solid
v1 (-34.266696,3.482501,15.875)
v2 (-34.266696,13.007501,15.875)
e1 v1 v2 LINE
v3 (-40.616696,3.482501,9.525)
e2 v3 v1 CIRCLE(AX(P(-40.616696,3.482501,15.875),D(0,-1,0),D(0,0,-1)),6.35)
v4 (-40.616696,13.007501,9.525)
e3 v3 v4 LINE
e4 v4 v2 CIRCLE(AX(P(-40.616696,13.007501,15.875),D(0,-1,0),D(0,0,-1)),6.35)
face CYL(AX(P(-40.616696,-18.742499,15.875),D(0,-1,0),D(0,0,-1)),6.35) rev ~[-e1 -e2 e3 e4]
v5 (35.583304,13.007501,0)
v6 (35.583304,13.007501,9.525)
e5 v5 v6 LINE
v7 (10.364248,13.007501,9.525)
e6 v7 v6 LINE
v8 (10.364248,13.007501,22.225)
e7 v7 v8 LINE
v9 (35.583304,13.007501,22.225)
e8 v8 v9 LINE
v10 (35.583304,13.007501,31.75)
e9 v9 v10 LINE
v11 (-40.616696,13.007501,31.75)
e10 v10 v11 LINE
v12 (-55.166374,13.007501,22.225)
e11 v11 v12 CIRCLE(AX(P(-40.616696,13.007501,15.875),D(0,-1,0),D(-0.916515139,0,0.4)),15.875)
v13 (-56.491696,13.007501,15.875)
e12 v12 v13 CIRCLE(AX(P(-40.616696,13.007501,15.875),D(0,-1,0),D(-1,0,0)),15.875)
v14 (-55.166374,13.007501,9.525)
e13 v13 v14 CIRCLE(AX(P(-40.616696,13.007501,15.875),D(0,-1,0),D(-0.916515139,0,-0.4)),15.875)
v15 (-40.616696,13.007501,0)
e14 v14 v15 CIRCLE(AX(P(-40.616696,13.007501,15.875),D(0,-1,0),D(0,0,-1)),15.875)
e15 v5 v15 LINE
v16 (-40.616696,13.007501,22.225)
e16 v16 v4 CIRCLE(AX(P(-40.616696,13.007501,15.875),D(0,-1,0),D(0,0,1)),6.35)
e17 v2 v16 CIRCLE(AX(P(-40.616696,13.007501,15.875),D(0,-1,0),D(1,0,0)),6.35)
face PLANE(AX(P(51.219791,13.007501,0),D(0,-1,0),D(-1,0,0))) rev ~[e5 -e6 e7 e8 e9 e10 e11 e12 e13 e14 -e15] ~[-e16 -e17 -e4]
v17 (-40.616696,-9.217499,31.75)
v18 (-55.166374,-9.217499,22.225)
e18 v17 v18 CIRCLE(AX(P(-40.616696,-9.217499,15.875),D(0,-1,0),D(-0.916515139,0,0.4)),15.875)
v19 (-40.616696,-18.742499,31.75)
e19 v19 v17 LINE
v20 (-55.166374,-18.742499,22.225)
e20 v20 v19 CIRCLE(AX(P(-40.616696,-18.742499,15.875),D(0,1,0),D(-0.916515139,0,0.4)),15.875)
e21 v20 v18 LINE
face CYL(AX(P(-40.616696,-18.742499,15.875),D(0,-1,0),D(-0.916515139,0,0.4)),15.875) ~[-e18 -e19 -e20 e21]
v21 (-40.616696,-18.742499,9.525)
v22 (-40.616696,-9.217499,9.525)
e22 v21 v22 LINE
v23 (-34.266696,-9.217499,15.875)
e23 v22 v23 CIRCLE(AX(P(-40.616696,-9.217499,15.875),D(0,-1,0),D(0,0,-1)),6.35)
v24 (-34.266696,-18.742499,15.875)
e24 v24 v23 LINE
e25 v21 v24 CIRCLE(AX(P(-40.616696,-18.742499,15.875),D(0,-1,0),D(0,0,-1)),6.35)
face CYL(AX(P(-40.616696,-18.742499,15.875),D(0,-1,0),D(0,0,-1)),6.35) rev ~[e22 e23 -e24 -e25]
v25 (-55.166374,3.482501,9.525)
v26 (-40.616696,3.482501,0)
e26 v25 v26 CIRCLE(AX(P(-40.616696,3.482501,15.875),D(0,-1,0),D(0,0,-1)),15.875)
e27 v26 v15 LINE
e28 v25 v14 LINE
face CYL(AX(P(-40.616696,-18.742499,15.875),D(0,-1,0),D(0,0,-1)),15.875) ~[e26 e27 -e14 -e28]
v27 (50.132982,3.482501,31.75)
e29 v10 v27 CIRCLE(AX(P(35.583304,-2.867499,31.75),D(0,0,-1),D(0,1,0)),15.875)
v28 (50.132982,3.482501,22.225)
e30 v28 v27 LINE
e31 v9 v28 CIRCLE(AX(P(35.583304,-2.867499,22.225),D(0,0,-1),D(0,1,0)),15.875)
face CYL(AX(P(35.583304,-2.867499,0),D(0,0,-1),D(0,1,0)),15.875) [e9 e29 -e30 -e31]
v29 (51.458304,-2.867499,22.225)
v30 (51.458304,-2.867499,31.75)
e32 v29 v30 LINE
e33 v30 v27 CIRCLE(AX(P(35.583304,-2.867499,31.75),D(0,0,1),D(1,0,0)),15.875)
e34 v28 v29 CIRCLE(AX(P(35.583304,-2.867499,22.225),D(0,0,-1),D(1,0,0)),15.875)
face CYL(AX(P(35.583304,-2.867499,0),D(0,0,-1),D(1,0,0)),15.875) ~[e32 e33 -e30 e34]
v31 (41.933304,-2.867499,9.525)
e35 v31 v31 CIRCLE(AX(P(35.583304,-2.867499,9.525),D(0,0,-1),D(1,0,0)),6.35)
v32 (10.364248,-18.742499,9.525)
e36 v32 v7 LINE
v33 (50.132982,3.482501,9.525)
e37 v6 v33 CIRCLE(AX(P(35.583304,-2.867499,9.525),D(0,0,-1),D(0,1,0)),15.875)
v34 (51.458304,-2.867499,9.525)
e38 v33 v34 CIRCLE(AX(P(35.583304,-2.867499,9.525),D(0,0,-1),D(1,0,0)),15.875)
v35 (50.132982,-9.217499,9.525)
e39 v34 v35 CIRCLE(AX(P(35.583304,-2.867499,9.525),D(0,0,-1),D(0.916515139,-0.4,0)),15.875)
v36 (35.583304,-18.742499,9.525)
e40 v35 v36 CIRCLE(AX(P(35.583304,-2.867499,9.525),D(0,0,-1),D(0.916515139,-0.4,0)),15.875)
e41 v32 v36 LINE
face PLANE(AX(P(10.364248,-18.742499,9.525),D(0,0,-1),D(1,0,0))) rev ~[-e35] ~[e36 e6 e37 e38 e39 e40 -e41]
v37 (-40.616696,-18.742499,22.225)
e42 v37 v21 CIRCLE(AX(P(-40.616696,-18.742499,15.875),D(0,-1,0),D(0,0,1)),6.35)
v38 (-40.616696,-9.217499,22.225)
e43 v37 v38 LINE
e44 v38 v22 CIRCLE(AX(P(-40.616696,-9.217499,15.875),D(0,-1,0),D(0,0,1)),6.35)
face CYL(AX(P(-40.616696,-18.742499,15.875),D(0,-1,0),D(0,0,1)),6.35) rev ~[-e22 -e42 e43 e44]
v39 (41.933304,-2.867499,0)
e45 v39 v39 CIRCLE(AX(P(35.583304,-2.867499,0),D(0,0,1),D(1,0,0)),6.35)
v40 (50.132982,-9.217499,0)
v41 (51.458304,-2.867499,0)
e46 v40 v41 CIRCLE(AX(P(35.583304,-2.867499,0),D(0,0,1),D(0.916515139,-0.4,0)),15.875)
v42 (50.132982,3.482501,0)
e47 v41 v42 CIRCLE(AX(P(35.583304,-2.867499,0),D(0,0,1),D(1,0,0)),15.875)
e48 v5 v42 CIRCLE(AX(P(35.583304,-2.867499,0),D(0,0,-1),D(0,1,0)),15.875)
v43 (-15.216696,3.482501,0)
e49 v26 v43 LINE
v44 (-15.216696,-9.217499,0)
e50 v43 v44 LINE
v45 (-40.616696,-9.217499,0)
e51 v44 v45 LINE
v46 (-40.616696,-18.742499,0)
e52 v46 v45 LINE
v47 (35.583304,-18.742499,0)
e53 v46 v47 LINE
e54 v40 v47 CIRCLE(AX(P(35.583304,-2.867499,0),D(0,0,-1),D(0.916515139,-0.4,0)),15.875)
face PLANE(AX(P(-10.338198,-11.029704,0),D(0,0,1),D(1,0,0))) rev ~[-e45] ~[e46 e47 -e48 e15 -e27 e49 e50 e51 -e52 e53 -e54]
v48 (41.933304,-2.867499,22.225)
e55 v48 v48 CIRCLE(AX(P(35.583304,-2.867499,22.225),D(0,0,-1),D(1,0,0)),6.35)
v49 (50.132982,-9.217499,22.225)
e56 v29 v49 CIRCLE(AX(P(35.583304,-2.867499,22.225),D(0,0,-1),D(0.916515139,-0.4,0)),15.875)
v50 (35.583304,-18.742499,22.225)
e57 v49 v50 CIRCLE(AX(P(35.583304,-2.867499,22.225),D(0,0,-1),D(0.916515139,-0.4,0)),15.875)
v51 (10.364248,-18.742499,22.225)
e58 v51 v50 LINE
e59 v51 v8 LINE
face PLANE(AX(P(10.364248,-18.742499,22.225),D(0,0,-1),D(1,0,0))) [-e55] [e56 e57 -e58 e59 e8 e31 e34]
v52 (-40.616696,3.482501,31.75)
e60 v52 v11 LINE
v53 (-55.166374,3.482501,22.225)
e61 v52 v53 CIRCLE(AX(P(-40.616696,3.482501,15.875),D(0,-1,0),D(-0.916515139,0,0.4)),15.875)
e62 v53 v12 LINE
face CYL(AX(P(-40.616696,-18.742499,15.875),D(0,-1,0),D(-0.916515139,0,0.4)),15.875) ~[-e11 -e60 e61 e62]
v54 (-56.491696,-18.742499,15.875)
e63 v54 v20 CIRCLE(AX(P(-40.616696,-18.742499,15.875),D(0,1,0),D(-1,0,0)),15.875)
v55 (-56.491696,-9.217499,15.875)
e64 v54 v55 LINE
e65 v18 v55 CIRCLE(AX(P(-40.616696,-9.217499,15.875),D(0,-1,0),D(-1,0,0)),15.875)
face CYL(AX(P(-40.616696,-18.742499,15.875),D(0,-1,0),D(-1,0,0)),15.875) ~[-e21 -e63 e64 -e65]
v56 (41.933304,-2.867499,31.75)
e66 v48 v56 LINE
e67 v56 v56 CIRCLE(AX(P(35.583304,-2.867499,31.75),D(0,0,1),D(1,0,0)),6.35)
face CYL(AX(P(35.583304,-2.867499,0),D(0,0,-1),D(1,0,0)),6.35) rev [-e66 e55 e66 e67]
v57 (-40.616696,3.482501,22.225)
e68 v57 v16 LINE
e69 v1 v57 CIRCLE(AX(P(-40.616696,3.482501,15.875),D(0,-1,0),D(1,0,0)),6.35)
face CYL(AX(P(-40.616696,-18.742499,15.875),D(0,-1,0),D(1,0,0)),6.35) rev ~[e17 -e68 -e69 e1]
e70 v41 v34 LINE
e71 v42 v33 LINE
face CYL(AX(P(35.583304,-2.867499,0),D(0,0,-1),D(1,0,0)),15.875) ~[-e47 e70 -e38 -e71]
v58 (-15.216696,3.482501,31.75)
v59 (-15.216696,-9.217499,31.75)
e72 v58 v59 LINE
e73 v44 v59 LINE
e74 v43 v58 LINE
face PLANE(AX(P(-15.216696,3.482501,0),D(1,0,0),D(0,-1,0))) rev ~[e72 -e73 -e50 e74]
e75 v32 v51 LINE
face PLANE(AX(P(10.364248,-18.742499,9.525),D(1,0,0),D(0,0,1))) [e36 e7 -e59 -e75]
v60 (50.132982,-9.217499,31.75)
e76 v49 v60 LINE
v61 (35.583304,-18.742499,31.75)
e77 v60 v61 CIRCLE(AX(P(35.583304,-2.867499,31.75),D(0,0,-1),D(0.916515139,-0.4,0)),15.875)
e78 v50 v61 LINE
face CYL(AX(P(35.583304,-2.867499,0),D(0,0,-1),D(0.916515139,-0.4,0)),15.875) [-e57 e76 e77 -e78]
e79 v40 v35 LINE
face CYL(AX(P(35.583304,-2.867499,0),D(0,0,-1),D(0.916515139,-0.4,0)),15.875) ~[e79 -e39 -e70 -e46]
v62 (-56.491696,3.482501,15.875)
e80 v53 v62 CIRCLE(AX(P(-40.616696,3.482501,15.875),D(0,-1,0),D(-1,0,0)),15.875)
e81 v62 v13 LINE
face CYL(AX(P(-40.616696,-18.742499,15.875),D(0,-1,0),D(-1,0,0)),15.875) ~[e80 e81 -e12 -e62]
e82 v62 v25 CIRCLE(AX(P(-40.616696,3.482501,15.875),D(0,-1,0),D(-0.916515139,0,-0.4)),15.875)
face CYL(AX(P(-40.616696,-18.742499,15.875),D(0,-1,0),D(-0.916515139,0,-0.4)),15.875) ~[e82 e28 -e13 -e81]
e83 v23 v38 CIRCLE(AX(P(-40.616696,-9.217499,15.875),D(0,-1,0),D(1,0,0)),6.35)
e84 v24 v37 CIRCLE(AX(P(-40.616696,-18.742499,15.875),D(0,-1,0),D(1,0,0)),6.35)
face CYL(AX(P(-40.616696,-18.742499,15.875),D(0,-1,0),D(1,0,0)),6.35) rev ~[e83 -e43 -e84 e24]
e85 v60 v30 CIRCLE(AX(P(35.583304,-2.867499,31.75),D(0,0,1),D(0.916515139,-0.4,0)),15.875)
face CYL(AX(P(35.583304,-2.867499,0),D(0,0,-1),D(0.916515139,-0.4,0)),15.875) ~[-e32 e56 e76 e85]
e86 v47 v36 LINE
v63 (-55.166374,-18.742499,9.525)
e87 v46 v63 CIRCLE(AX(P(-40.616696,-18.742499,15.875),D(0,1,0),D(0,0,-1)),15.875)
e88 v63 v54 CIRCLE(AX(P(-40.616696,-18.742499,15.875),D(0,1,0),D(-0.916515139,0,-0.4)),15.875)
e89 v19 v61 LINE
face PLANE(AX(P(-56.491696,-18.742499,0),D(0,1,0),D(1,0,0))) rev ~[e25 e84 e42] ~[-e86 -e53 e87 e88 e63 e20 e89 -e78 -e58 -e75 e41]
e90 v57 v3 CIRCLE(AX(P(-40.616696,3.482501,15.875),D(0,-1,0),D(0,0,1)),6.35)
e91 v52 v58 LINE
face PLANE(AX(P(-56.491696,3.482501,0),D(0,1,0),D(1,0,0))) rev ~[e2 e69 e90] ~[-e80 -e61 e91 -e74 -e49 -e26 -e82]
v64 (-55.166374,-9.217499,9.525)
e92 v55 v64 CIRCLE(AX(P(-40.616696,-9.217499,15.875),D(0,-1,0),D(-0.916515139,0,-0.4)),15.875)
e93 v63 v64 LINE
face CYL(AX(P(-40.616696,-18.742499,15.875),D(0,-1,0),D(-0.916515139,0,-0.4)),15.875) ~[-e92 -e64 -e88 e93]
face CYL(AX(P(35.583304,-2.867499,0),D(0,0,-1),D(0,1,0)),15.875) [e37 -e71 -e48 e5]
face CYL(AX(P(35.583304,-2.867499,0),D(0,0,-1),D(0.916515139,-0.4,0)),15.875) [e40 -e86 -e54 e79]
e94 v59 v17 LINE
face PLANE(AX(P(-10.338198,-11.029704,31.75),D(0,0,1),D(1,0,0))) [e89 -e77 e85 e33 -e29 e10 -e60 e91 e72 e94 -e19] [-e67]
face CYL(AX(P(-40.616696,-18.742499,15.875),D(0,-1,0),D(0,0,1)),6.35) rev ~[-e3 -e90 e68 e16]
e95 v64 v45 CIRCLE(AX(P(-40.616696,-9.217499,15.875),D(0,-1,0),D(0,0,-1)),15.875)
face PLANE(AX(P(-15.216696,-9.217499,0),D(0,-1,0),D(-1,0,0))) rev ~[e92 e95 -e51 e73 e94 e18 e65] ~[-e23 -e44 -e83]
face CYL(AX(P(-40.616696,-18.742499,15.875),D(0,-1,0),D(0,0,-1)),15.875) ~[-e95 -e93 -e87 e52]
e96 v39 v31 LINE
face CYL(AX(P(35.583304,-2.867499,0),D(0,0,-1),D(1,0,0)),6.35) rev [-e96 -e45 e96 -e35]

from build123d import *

# Parameters (mm, degrees)
F0_R     = 6.35
F1_DEPTH = 31.75
F0_W     = 41.275
F0_H     = 12.7
F3_DEPTH = 31.75
F2_W     = 41.275
F2_H     = 12.7
F4_DEPTH = 31.751
F5_DEPTH = 31.751


with BuildPart() as f1:
    # F0 (on Top) → F1 (new body)
    with BuildSketch(Plane.XY):
        with BuildLine():
            ThreePointArc((35.5833037704, -18.7424994532), (22.3013258492, -11.5625950536), (21.0336259389, 3.4825005468))
            Line((21.0336259389, 3.4825005468), (-15.2166962296, 3.4825005468))
            Line((-15.2166962296, 3.4825005468), (-15.2166962296, -9.2174994532))
            Line((-15.2166962296, -9.2174994532), (-56.4916962296, -9.2174994532))
            Line((-56.4916962296, -9.2174994532), (-56.4916962296, -18.7424994532))
            Line((-56.4916962296, -18.7424994532), (35.5833037704, -18.7424994532))
        make_face()
        with BuildLine():
            Line((35.5833037704, 13.0075005468), (-56.4916962296, 13.0075005468))
            Line((-56.4916962296, 13.0075005468), (-56.4916962296, 3.4825005468))
            Line((-56.4916962296, 3.4825005468), (-15.2166962296, 3.4825005468))
            Line((-15.2166962296, 3.4825005468), (21.0336259389, 3.4825005468))
            ThreePointArc((21.0336259389, 3.4825005468), (26.88820817, 10.414478468), (35.5833037704, 13.0075005468))
        make_face()
        with BuildLine():
            ThreePointArc((50.1329816019, 3.4825005468), (44.2783993708, 10.414478468), (35.5833037704, 13.0075005468))
            ThreePointArc((35.5833037704, 13.0075005468), (26.88820817, 10.414478468), (21.0336259389, 3.4825005468))
            ThreePointArc((21.0336259389, 3.4825005468), (22.3013258492, -11.5625950536), (35.5833037704, -18.7424994532))
            ThreePointArc((35.5833037704, -18.7424994532), (44.2783993708, -16.1494773745), (50.1329816019, -9.2174994532))
            ThreePointArc((50.1329816019, -9.2174994532), (51.1234414882, -6.1109150468), (51.4583037704, -2.8674994532))
            ThreePointArc((51.4583037704, -2.8674994532), (51.1234414882, 0.3759161403), (50.1329816019, 3.4825005468))
        make_face()
        with Locations((35.5833037704, -2.8674994532)):
            Circle(F0_R, mode=Mode.SUBTRACT)
        with BuildLine():
            ThreePointArc((50.1329816019, -9.2174994532), (44.2783993708, -16.1494773745), (35.5833037704, -18.7424994532))
            Line((35.5833037704, -18.7424994532), (51.6392476857, -18.7424994532))
            Line((51.6392476857, -18.7424994532), (51.4583037704, -9.2174994532))
            Line((51.4583037704, -9.2174994532), (50.1329816019, -9.2174994532))
        make_face()
        with BuildLine():
            Line((51.2197911739, 13.0075005468), (35.5833037704, 13.0075005468))
            ThreePointArc((35.5833037704, 13.0075005468), (44.2783993708, 10.414478468), (50.1329816019, 3.4825005468))
            Line((50.1329816019, 3.4825005468), (51.4583037704, 3.4825005468))
            Line((51.4583037704, 3.4825005468), (51.2197911739, 13.0075005468))
        make_face()
    extrude(amount=F1_DEPTH)

    # F0 (on Top) → F3 (cut)
    with BuildSketch(Plane.XY):
        with BuildLine():
            Line((35.5833037704, 13.0075005468), (-56.4916962296, 13.0075005468))
            Line((-56.4916962296, 13.0075005468), (-56.4916962296, 3.4825005468))
            Line((-56.4916962296, 3.4825005468), (-15.2166962296, 3.4825005468))
            Line((-15.2166962296, 3.4825005468), (21.0336259389, 3.4825005468))
            ThreePointArc((21.0336259389, 3.4825005468), (26.88820817, 10.414478468), (35.5833037704, 13.0075005468))
        make_face()
        with BuildLine():
            Line((51.2197911739, 13.0075005468), (35.5833037704, 13.0075005468))
            ThreePointArc((35.5833037704, 13.0075005468), (44.2783993708, 10.414478468), (50.1329816019, 3.4825005468))
            Line((50.1329816019, 3.4825005468), (51.4583037704, 3.4825005468))
            Line((51.4583037704, 3.4825005468), (51.2197911739, 13.0075005468))
        make_face()
        with BuildLine():
            ThreePointArc((50.1329816019, 3.4825005468), (44.2783993708, 10.414478468), (35.5833037704, 13.0075005468))
            ThreePointArc((35.5833037704, 13.0075005468), (26.88820817, 10.414478468), (21.0336259389, 3.4825005468))
            ThreePointArc((21.0336259389, 3.4825005468), (22.3013258492, -11.5625950536), (35.5833037704, -18.7424994532))
            ThreePointArc((35.5833037704, -18.7424994532), (44.2783993708, -16.1494773745), (50.1329816019, -9.2174994532))
            ThreePointArc((50.1329816019, -9.2174994532), (51.1234414882, -6.1109150468), (51.4583037704, -2.8674994532))
            ThreePointArc((51.4583037704, -2.8674994532), (51.1234414882, 0.3759161403), (50.1329816019, 3.4825005468))
        make_face()
        with Locations((35.5833037704, -2.8674994532)):
            Circle(F0_R, mode=Mode.SUBTRACT)
        with Locations((-35.8541962296, -2.8674994532)):
            Rectangle(F0_W, F0_H)
        with BuildLine():
            ThreePointArc((35.5833037704, -18.7424994532), (22.3013258492, -11.5625950536), (21.0336259389, 3.4825005468))
            Line((21.0336259389, 3.4825005468), (-15.2166962296, 3.4825005468))
            Line((-15.2166962296, 3.4825005468), (-15.2166962296, -9.2174994532))
            Line((-15.2166962296, -9.2174994532), (-56.4916962296, -9.2174994532))
            Line((-56.4916962296, -9.2174994532), (-56.4916962296, -18.7424994532))
            Line((-56.4916962296, -18.7424994532), (35.5833037704, -18.7424994532))
        make_face()
        with BuildLine():
            ThreePointArc((50.1329816019, -9.2174994532), (44.2783993708, -16.1494773745), (35.5833037704, -18.7424994532))
            Line((35.5833037704, -18.7424994532), (51.6392476857, -18.7424994532))
            Line((51.6392476857, -18.7424994532), (51.4583037704, -9.2174994532))
            Line((51.4583037704, -9.2174994532), (50.1329816019, -9.2174994532))
        make_face()
    extrude(amount=-F3_DEPTH, mode=Mode.SUBTRACT)

    # F2 (on face) → F4 (cut, through all)
    with BuildSketch(Plane.XZ.offset(18.7424994532)):
        with BuildLine():
            Line((-56.4916962296, 31.75), (-56.4916962296, 22.225))
            Line((-56.4916962296, 22.225), (-55.1663740611, 22.225))
            ThreePointArc((-55.1663740611, 22.225), (-49.31179183, 29.1569779212), (-40.6166962296, 31.75))
            Line((-40.6166962296, 31.75), (-56.4916962296, 31.75))
        make_face()
        with BuildLine():
            Line((-55.1663740611, 22.225), (-56.4916962296, 22.225))
            Line((-56.4916962296, 22.225), (-56.4916962296, 15.875))
            ThreePointArc((-56.4916962296, 15.875), (-56.1568339474, 19.1184155936), (-55.1663740611, 22.225))
        make_face()
        with BuildLine():
            ThreePointArc((-55.1663740611, 9.525), (-56.1568339474, 12.6315844064), (-56.4916962296, 15.875))
            Line((-56.4916962296, 15.875), (-56.4916962296, 9.525))
            Line((-56.4916962296, 9.525), (-55.1663740611, 9.525))
        make_face()
        with BuildLine():
            ThreePointArc((-40.6166962296, 0), (-49.31179183, 2.5930220788), (-55.1663740611, 9.525))
            Line((-55.1663740611, 9.525), (-56.4916962296, 9.525))
            Line((-56.4916962296, 9.525), (-56.4916962296, 0))
            Line((-56.4916962296, 0), (-40.6166962296, 0))
        make_face()
        with BuildLine():
            Line((-40.6166962296, 9.525), (-40.6166962296, 22.225))
            ThreePointArc((-40.6166962296, 22.225), (-46.9666962296, 15.875), (-40.6166962296, 9.525))
        make_face()
        with BuildLine():
            ThreePointArc((-34.2666962296, 15.875), (-36.126568169, 20.3651280605), (-40.6166962296, 22.225))
            Line((-40.6166962296, 22.225), (-40.6166962296, 9.525))
            ThreePointArc((-40.6166962296, 9.525), (-36.126568169, 11.3848719395), (-34.2666962296, 15.875))
        make_face()
        with Locations((31.0017476857, 15.875)):
            Rectangle(F2_W, F2_H)
    extrude(amount=-F4_DEPTH, mode=Mode.SUBTRACT)

    # F0 (on Top) → F5 (cut, through all)
    with BuildSketch(Plane.XY):
        with BuildLine():
            Line((51.2197911739, 13.0075005468), (35.5833037704, 13.0075005468))
            ThreePointArc((35.5833037704, 13.0075005468), (44.2783993708, 10.414478468), (50.1329816019, 3.4825005468))
            Line((50.1329816019, 3.4825005468), (51.4583037704, 3.4825005468))
            Line((51.4583037704, 3.4825005468), (51.2197911739, 13.0075005468))
        make_face()
        with BuildLine():
            ThreePointArc((50.1329816019, -9.2174994532), (44.2783993708, -16.1494773745), (35.5833037704, -18.7424994532))
            Line((35.5833037704, -18.7424994532), (51.6392476857, -18.7424994532))
            Line((51.6392476857, -18.7424994532), (51.4583037704, -9.2174994532))
            Line((51.4583037704, -9.2174994532), (50.1329816019, -9.2174994532))
        make_face()
    extrude(amount=F5_DEPTH, mode=Mode.SUBTRACT)


solid = f1.part
